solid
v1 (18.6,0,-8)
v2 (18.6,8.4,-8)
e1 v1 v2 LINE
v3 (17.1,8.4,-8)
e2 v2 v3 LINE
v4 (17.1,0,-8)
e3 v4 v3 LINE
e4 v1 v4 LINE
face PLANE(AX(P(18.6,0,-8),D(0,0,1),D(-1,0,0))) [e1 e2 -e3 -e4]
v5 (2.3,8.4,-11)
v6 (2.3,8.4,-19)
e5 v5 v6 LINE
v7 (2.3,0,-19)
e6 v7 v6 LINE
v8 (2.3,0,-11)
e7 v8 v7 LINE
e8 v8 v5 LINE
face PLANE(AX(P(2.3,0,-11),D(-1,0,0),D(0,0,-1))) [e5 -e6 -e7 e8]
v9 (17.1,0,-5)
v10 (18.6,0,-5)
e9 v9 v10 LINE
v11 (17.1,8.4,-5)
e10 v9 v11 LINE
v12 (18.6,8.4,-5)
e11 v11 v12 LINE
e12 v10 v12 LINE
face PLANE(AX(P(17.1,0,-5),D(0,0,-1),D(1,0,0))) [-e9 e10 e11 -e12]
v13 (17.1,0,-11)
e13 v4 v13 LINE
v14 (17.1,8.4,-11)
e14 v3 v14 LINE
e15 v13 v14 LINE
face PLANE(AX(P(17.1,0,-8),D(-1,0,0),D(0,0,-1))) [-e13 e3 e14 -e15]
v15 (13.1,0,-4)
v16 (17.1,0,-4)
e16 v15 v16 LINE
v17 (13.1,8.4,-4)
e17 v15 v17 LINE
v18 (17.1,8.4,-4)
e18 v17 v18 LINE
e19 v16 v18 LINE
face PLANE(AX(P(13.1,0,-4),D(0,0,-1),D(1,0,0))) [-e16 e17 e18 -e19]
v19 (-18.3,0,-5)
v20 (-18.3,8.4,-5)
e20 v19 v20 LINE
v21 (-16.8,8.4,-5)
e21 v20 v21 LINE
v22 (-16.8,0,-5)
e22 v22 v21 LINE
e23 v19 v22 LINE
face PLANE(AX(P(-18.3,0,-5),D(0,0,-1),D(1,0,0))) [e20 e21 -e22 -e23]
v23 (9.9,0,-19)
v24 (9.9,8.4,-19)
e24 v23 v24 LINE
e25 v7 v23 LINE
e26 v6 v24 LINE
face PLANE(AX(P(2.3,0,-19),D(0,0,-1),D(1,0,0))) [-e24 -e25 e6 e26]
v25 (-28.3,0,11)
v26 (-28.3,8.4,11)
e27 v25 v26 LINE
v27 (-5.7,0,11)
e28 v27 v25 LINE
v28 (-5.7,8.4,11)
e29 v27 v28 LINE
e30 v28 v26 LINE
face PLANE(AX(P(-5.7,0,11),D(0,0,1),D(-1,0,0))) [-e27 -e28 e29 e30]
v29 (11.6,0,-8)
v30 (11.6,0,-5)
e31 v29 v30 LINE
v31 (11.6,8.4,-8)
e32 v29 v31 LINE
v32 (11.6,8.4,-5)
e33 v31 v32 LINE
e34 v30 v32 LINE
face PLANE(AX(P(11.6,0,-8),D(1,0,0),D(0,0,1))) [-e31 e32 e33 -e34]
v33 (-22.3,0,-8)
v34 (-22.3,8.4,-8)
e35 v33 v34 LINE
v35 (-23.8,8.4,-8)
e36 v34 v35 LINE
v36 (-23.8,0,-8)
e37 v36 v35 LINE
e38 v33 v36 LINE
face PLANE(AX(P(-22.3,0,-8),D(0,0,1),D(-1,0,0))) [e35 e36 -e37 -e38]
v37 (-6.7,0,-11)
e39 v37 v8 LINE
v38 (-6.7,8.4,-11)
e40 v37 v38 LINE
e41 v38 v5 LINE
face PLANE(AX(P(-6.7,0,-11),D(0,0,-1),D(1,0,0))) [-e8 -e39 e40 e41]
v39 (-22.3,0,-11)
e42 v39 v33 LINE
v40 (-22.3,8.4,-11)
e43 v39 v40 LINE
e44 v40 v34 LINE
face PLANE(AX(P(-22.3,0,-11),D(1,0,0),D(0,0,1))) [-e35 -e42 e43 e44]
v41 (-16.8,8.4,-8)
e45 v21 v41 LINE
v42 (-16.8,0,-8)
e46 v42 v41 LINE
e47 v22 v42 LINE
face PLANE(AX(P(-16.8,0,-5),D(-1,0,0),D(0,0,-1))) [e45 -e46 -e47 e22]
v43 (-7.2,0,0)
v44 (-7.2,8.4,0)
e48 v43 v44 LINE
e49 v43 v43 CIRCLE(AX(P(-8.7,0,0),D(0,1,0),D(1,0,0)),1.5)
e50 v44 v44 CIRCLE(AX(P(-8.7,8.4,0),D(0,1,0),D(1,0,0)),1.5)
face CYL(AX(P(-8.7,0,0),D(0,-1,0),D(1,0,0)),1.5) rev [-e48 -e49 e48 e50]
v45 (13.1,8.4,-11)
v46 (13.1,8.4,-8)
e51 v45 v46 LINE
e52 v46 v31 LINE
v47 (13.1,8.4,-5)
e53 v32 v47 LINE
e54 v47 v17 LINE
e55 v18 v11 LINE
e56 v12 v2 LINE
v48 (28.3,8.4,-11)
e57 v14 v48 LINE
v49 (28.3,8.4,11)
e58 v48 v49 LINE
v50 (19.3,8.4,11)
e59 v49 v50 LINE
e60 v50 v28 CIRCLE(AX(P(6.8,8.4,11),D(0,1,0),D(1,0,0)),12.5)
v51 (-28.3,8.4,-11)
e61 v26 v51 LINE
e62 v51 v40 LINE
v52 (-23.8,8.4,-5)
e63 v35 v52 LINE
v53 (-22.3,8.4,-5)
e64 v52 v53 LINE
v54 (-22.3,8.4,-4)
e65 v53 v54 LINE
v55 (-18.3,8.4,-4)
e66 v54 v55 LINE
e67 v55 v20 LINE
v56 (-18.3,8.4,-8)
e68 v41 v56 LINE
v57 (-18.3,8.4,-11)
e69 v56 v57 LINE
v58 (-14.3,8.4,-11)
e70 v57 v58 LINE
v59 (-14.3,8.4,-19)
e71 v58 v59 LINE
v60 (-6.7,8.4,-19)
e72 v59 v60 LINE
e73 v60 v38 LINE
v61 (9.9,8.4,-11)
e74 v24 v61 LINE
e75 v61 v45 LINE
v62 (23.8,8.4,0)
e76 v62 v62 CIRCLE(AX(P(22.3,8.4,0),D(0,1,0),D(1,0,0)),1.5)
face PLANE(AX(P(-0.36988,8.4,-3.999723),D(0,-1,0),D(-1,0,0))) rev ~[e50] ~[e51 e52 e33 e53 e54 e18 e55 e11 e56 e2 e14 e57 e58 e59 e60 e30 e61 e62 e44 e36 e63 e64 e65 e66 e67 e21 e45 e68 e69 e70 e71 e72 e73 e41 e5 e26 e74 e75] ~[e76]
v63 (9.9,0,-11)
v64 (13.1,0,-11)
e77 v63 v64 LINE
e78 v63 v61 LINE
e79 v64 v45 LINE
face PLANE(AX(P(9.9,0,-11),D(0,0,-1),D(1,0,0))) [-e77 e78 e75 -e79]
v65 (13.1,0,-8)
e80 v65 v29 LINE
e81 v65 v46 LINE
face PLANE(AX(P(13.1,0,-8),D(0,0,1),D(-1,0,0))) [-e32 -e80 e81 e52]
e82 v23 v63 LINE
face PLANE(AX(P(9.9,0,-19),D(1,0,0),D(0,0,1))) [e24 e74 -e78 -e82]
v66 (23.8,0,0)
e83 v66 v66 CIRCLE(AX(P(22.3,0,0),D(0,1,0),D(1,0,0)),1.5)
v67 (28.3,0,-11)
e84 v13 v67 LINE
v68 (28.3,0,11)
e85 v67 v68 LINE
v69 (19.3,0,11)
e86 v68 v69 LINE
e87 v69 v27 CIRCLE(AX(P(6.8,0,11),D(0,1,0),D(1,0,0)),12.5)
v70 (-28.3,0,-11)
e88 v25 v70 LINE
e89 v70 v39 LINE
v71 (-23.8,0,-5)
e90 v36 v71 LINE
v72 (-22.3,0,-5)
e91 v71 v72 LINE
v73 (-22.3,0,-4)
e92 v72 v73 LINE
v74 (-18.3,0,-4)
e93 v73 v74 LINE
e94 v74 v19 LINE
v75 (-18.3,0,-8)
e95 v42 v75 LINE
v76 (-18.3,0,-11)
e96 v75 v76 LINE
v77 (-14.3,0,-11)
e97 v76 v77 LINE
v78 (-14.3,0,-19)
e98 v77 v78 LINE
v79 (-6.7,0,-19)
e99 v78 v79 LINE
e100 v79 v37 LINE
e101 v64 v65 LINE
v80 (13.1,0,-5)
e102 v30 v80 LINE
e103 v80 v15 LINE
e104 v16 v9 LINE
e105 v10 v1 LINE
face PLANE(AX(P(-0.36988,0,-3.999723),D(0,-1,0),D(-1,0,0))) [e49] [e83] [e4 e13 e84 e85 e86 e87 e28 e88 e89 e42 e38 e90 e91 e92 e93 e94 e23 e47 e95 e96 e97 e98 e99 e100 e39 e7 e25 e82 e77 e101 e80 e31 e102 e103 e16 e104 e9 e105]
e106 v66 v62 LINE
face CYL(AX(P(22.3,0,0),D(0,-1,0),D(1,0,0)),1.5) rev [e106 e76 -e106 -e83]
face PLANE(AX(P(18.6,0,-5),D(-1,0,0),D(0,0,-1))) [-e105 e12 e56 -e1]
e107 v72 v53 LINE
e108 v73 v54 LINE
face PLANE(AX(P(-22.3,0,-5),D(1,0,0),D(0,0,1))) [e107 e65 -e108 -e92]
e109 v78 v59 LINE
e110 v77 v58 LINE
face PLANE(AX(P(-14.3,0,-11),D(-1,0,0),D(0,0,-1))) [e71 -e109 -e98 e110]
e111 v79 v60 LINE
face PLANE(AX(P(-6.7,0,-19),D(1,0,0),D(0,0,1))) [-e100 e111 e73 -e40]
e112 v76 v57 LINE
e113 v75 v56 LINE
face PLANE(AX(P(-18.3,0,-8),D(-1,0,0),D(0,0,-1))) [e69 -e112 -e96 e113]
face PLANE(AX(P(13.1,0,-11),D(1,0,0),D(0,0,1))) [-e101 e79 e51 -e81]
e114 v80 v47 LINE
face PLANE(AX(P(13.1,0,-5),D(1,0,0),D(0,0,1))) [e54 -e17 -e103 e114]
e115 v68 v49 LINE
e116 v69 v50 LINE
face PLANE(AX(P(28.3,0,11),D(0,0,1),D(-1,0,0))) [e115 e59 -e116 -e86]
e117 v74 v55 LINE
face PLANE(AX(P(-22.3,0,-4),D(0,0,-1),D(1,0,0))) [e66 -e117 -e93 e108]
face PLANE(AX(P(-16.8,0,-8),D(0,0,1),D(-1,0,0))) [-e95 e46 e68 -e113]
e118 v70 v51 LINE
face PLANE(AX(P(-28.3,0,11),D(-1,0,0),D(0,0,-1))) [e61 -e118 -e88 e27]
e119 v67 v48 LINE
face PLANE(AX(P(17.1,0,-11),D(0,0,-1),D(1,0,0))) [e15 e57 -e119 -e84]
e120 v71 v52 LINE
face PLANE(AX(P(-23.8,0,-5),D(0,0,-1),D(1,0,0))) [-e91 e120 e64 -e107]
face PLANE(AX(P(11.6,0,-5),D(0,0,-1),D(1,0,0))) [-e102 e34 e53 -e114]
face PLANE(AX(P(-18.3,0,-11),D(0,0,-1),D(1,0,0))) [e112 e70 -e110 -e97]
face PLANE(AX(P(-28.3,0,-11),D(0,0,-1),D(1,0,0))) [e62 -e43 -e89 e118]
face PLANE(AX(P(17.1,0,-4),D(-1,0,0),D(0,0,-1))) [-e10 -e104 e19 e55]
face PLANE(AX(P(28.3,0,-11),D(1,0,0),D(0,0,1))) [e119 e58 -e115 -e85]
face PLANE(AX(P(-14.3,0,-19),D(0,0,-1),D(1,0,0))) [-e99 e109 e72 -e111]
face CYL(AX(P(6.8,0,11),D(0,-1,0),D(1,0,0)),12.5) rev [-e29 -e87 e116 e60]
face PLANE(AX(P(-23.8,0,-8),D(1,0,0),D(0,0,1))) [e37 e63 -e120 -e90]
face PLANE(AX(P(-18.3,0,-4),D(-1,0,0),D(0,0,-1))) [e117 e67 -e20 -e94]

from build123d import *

# Parameters (mm, degrees)
SKETCH1_R           = 1.5
BOSS_EXTRUDE1_DEPTH = 8.4


with BuildPart() as part:
    # Sketch1 → Boss-Extrude1 (new body)
    with BuildSketch(Plane(origin=(0, 0, 0), x_dir=(1, 0, 0), z_dir=(0, 1, 0))):
        with BuildLine():
            Line((-28.3, 11), (-22.3, 11))
            Line((-22.3, 11), (-22.3, 8))
            Line((-22.3, 8), (-23.8, 8))
            Line((-23.8, 8), (-23.8, 5))
            Line((-23.8, 5), (-22.3, 5))
            Line((-22.3, 5), (-22.3, 4))
            Line((-22.3, 4), (-18.3, 4))
            Line((-18.3, 4), (-18.3, 5))
            Line((-18.3, 5), (-16.8, 5))
            Line((-16.8, 5), (-16.8, 8))
            Line((-16.8, 8), (-18.3, 8))
            Line((-18.3, 8), (-18.3, 11))
            Line((-18.3, 11), (-14.3, 11))
            Line((-14.3, 11), (-14.3, 19))
            Line((-14.3, 19), (-6.7, 19))
            Line((-6.7, 19), (-6.7, 11))
            Line((-6.7, 11), (2.3, 11))
            Line((2.3, 11), (2.3, 19))
            Line((2.3, 19), (9.9, 19))
            Line((9.9, 19), (9.9, 11))
            Line((9.9, 11), (13.1, 11))
            Line((13.1, 11), (13.1, 8))
            Line((13.1, 8), (11.6, 8))
            Line((11.6, 8), (11.6, 5))
            Line((11.6, 5), (13.1, 5))
            Line((13.1, 5), (13.1, 4))
            Line((13.1, 4), (17.1, 4))
            Line((17.1, 4), (17.1, 5))
            Line((17.1, 5), (18.6, 5))
            Line((18.6, 5), (18.6, 8))
            Line((18.6, 8), (17.1, 8))
            Line((17.1, 8), (17.1, 11))
            Line((17.1, 11), (28.3, 11))
            Line((28.3, 11), (28.3, -11))
            Line((28.3, -11), (19.3, -11))
            ThreePointArc((19.3, -11), (6.8, 1.5), (-5.7, -11))
            Line((-5.7, -11), (-28.3, -11))
            Line((-28.3, -11), (-28.3, 11))
        make_face()
        with Locations((-8.7, 0)):
            Circle(SKETCH1_R, mode=Mode.SUBTRACT)
        with Locations((22.3, 0)):
            Circle(SKETCH1_R, mode=Mode.SUBTRACT)
    extrude(amount=BOSS_EXTRUDE1_DEPTH)


solid = part.part
